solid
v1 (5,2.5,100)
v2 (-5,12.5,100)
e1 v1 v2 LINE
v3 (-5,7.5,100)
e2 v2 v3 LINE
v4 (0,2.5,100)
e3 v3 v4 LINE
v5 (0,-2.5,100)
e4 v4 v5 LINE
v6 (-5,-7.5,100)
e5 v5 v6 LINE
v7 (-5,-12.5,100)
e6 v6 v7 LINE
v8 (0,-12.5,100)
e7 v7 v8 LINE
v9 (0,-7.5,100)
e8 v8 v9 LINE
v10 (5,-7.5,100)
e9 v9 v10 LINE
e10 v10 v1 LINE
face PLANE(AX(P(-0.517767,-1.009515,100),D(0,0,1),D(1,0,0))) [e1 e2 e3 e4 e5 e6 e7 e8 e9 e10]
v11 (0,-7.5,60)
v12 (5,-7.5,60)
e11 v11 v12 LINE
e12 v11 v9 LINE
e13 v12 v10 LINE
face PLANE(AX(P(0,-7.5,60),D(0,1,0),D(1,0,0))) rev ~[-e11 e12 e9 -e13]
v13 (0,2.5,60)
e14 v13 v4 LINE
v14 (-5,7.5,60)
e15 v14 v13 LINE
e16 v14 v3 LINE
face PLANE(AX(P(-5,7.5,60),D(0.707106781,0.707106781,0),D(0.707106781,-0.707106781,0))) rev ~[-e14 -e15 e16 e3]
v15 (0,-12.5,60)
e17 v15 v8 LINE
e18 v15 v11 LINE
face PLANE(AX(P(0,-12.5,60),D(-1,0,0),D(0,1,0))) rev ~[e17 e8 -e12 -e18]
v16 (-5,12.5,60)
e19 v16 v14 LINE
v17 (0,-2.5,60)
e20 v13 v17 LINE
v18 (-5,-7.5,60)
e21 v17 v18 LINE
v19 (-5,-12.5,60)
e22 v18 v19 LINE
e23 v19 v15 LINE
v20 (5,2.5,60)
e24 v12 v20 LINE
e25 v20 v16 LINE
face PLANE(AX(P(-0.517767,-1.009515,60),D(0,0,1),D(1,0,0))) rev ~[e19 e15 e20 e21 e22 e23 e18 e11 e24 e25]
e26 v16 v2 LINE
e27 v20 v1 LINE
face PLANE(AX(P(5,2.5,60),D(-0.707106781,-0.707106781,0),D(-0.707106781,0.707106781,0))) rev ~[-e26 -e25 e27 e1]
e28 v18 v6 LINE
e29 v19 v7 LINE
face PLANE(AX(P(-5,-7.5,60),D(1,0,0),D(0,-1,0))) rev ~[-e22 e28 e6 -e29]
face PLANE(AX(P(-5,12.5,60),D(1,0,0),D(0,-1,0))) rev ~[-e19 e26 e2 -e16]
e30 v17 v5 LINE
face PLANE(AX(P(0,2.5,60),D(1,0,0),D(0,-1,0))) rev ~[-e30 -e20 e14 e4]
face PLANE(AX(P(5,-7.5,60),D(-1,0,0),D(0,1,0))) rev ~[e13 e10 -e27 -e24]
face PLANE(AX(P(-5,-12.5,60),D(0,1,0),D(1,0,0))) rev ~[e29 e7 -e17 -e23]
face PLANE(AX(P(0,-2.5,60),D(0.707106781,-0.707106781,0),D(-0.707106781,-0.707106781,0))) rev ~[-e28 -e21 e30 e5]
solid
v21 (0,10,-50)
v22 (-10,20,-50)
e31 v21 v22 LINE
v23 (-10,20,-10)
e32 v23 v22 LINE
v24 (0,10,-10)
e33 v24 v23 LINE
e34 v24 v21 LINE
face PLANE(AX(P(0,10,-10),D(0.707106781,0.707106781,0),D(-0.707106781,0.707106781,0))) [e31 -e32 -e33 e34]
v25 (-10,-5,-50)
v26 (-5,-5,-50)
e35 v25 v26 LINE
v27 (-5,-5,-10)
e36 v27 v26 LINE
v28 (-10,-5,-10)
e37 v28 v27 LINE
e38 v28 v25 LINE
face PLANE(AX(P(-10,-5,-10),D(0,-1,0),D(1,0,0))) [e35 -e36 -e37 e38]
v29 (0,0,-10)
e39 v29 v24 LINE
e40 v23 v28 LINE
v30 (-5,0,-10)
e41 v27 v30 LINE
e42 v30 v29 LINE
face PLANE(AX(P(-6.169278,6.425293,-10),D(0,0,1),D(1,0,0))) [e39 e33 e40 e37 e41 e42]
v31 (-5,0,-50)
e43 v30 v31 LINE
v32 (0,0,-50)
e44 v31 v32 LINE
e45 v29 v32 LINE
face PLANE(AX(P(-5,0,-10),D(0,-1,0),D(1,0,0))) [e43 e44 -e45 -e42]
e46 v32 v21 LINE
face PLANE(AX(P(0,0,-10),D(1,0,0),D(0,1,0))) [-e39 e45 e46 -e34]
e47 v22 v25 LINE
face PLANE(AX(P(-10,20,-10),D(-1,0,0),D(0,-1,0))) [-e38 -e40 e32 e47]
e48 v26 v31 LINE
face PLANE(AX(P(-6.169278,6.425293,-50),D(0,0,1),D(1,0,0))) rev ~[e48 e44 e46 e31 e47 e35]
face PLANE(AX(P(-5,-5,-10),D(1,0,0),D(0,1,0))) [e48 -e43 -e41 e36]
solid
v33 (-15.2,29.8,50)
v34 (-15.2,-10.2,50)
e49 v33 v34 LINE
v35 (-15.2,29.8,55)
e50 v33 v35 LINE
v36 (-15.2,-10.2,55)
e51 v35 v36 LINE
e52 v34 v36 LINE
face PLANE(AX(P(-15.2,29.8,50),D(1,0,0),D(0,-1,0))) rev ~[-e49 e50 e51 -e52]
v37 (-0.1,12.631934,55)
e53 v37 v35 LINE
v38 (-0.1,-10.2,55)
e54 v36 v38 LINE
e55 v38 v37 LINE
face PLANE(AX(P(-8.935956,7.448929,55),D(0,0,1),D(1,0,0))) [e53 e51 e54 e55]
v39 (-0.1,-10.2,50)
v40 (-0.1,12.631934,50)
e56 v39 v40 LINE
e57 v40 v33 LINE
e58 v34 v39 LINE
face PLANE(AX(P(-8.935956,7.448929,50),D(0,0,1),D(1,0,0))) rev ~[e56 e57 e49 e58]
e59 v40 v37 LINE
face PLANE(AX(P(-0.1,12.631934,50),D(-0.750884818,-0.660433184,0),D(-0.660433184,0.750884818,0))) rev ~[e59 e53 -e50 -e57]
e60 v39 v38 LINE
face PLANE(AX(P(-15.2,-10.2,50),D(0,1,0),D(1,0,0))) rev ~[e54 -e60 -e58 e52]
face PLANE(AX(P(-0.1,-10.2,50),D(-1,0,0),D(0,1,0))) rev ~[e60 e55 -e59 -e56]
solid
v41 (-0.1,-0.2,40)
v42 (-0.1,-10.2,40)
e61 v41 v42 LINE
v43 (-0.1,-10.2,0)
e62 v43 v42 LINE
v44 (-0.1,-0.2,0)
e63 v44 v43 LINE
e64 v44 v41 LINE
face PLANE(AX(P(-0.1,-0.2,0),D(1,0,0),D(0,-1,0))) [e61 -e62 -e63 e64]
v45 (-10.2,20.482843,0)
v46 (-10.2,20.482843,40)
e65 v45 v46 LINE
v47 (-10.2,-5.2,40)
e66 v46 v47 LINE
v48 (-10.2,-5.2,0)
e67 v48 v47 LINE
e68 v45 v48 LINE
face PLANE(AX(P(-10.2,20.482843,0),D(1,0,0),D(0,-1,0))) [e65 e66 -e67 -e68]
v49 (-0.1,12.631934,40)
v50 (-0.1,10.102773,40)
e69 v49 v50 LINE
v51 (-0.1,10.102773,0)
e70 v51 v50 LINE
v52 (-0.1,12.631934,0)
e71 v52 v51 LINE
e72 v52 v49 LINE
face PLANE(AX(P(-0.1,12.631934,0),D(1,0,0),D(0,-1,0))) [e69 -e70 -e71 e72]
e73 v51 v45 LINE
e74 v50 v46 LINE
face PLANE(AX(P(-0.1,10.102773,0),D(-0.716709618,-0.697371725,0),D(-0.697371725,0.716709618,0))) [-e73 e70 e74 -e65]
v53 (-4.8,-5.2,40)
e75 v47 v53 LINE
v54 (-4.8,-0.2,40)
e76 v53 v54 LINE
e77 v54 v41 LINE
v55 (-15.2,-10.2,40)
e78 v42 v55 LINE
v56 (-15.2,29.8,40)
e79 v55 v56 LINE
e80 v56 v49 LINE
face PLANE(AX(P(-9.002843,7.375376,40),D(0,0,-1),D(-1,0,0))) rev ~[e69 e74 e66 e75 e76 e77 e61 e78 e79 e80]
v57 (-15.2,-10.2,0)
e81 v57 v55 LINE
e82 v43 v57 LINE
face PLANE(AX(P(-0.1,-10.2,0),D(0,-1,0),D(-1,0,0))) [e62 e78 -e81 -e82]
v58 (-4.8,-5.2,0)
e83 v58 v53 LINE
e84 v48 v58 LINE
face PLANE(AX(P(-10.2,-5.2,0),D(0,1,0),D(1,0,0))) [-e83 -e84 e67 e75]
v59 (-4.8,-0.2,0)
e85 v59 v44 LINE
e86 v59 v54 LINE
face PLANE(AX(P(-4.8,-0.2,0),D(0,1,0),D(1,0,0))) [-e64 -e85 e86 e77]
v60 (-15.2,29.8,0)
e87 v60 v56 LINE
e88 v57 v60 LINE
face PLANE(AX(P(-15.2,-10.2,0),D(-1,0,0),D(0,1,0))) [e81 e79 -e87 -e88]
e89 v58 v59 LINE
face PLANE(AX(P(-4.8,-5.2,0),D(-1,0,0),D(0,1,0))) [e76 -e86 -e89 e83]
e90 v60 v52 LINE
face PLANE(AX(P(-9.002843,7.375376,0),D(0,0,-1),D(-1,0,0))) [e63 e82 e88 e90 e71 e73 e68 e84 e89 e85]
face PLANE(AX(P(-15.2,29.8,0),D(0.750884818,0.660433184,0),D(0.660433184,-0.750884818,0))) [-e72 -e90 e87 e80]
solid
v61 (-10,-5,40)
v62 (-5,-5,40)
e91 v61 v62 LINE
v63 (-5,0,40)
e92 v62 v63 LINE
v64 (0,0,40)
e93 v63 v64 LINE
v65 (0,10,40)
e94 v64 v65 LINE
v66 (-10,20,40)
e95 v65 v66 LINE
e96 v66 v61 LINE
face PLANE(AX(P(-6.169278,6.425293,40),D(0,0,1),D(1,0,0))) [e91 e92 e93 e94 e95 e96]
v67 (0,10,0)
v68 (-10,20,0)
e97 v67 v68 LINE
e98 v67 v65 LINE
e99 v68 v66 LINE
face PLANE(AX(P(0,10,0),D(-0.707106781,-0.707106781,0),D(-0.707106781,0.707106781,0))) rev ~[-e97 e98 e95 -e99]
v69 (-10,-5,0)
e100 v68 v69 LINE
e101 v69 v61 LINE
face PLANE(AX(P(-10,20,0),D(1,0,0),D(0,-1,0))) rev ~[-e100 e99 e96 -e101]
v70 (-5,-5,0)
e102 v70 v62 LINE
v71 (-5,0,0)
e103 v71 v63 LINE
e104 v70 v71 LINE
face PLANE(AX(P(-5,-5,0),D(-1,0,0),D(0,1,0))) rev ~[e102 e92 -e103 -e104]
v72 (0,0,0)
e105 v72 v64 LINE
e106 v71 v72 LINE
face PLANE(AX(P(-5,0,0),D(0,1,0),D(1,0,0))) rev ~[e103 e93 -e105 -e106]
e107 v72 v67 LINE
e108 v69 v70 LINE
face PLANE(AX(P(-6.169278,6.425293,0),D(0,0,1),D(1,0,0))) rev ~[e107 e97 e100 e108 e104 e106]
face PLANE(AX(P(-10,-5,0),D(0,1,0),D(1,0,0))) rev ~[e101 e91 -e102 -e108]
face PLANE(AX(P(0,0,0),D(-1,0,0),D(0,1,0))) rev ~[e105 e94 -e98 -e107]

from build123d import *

# Parameters (mm, degrees)
BOSS_EXTRUDE2_DEPTH = 40
BOSS_EXTRUDE3_DEPTH = 40
BOSS_EXTRUDE4_DEPTH = 5
BOSS_EXTRUDE6_DEPTH = 40
BOSS_EXTRUDE7_DEPTH = 40


with BuildPart() as part:
    # female → Boss-Extrude2 (new body)
    with BuildSketch(Plane.XY):
        Polygon((-0.1, -0.2), (-0.1, -10.2), (-15.2, -10.2), (-15.2, 29.8), (-0.1, 12.631933622), (-0.1, 10.102772968), (-10.2, 20.482842712), (-10.2, -5.2), (-4.8, -5.2), (-4.8, -0.2), align=None)
    extrude(amount=BOSS_EXTRUDE2_DEPTH)


with BuildPart() as body_2:
    # male_FULL → Boss-Extrude3 (new body)
    with BuildSketch(Plane.XY):
        Polygon((0, 0), (0, 10), (-10, 20), (-10, -5), (-5, -5), (-5, 0), align=None)
    extrude(amount=BOSS_EXTRUDE3_DEPTH)


with BuildPart() as body_3:
    # female_stop → Boss-Extrude4 (new body)
    with BuildSketch(Plane.XY.offset(50)):
        Polygon((-0.1, -0.2), (-0.1, 10.102772968), (-0.1, 12.631933622), (-15.2, 29.8), (-15.2, -10.2), (-0.1, -10.2), align=None)
    extrude(amount=BOSS_EXTRUDE4_DEPTH)


with BuildPart() as body_4:
    # Sketch6 → Boss-Extrude6 (new body)
    with BuildSketch(Plane.XY.offset(60)):
        Polygon((5, 2.5), (-5, 12.5), (-5, 7.5), (0, 2.5), (0, -2.5), (-5, -7.5), (-5, -12.5), (0, -12.5), (0, -7.5), (5, -7.5), align=None)
    extrude(amount=BOSS_EXTRUDE6_DEPTH)


with BuildPart() as body_5:
    # Sketch7 → Boss-Extrude7 (new body)
    with BuildSketch(Plane(origin=(0, 0, -10), x_dir=(-1, 0, 0), z_dir=(0, 0, -1))):
        Polygon((0, 0), (0, 10), (10, 20), (10, -5), (5, -5), (5, 0), align=None)
    extrude(amount=BOSS_EXTRUDE7_DEPTH)


solid = Compound([part.part, body_2.part, body_3.part, body_4.part, body_5.part])
